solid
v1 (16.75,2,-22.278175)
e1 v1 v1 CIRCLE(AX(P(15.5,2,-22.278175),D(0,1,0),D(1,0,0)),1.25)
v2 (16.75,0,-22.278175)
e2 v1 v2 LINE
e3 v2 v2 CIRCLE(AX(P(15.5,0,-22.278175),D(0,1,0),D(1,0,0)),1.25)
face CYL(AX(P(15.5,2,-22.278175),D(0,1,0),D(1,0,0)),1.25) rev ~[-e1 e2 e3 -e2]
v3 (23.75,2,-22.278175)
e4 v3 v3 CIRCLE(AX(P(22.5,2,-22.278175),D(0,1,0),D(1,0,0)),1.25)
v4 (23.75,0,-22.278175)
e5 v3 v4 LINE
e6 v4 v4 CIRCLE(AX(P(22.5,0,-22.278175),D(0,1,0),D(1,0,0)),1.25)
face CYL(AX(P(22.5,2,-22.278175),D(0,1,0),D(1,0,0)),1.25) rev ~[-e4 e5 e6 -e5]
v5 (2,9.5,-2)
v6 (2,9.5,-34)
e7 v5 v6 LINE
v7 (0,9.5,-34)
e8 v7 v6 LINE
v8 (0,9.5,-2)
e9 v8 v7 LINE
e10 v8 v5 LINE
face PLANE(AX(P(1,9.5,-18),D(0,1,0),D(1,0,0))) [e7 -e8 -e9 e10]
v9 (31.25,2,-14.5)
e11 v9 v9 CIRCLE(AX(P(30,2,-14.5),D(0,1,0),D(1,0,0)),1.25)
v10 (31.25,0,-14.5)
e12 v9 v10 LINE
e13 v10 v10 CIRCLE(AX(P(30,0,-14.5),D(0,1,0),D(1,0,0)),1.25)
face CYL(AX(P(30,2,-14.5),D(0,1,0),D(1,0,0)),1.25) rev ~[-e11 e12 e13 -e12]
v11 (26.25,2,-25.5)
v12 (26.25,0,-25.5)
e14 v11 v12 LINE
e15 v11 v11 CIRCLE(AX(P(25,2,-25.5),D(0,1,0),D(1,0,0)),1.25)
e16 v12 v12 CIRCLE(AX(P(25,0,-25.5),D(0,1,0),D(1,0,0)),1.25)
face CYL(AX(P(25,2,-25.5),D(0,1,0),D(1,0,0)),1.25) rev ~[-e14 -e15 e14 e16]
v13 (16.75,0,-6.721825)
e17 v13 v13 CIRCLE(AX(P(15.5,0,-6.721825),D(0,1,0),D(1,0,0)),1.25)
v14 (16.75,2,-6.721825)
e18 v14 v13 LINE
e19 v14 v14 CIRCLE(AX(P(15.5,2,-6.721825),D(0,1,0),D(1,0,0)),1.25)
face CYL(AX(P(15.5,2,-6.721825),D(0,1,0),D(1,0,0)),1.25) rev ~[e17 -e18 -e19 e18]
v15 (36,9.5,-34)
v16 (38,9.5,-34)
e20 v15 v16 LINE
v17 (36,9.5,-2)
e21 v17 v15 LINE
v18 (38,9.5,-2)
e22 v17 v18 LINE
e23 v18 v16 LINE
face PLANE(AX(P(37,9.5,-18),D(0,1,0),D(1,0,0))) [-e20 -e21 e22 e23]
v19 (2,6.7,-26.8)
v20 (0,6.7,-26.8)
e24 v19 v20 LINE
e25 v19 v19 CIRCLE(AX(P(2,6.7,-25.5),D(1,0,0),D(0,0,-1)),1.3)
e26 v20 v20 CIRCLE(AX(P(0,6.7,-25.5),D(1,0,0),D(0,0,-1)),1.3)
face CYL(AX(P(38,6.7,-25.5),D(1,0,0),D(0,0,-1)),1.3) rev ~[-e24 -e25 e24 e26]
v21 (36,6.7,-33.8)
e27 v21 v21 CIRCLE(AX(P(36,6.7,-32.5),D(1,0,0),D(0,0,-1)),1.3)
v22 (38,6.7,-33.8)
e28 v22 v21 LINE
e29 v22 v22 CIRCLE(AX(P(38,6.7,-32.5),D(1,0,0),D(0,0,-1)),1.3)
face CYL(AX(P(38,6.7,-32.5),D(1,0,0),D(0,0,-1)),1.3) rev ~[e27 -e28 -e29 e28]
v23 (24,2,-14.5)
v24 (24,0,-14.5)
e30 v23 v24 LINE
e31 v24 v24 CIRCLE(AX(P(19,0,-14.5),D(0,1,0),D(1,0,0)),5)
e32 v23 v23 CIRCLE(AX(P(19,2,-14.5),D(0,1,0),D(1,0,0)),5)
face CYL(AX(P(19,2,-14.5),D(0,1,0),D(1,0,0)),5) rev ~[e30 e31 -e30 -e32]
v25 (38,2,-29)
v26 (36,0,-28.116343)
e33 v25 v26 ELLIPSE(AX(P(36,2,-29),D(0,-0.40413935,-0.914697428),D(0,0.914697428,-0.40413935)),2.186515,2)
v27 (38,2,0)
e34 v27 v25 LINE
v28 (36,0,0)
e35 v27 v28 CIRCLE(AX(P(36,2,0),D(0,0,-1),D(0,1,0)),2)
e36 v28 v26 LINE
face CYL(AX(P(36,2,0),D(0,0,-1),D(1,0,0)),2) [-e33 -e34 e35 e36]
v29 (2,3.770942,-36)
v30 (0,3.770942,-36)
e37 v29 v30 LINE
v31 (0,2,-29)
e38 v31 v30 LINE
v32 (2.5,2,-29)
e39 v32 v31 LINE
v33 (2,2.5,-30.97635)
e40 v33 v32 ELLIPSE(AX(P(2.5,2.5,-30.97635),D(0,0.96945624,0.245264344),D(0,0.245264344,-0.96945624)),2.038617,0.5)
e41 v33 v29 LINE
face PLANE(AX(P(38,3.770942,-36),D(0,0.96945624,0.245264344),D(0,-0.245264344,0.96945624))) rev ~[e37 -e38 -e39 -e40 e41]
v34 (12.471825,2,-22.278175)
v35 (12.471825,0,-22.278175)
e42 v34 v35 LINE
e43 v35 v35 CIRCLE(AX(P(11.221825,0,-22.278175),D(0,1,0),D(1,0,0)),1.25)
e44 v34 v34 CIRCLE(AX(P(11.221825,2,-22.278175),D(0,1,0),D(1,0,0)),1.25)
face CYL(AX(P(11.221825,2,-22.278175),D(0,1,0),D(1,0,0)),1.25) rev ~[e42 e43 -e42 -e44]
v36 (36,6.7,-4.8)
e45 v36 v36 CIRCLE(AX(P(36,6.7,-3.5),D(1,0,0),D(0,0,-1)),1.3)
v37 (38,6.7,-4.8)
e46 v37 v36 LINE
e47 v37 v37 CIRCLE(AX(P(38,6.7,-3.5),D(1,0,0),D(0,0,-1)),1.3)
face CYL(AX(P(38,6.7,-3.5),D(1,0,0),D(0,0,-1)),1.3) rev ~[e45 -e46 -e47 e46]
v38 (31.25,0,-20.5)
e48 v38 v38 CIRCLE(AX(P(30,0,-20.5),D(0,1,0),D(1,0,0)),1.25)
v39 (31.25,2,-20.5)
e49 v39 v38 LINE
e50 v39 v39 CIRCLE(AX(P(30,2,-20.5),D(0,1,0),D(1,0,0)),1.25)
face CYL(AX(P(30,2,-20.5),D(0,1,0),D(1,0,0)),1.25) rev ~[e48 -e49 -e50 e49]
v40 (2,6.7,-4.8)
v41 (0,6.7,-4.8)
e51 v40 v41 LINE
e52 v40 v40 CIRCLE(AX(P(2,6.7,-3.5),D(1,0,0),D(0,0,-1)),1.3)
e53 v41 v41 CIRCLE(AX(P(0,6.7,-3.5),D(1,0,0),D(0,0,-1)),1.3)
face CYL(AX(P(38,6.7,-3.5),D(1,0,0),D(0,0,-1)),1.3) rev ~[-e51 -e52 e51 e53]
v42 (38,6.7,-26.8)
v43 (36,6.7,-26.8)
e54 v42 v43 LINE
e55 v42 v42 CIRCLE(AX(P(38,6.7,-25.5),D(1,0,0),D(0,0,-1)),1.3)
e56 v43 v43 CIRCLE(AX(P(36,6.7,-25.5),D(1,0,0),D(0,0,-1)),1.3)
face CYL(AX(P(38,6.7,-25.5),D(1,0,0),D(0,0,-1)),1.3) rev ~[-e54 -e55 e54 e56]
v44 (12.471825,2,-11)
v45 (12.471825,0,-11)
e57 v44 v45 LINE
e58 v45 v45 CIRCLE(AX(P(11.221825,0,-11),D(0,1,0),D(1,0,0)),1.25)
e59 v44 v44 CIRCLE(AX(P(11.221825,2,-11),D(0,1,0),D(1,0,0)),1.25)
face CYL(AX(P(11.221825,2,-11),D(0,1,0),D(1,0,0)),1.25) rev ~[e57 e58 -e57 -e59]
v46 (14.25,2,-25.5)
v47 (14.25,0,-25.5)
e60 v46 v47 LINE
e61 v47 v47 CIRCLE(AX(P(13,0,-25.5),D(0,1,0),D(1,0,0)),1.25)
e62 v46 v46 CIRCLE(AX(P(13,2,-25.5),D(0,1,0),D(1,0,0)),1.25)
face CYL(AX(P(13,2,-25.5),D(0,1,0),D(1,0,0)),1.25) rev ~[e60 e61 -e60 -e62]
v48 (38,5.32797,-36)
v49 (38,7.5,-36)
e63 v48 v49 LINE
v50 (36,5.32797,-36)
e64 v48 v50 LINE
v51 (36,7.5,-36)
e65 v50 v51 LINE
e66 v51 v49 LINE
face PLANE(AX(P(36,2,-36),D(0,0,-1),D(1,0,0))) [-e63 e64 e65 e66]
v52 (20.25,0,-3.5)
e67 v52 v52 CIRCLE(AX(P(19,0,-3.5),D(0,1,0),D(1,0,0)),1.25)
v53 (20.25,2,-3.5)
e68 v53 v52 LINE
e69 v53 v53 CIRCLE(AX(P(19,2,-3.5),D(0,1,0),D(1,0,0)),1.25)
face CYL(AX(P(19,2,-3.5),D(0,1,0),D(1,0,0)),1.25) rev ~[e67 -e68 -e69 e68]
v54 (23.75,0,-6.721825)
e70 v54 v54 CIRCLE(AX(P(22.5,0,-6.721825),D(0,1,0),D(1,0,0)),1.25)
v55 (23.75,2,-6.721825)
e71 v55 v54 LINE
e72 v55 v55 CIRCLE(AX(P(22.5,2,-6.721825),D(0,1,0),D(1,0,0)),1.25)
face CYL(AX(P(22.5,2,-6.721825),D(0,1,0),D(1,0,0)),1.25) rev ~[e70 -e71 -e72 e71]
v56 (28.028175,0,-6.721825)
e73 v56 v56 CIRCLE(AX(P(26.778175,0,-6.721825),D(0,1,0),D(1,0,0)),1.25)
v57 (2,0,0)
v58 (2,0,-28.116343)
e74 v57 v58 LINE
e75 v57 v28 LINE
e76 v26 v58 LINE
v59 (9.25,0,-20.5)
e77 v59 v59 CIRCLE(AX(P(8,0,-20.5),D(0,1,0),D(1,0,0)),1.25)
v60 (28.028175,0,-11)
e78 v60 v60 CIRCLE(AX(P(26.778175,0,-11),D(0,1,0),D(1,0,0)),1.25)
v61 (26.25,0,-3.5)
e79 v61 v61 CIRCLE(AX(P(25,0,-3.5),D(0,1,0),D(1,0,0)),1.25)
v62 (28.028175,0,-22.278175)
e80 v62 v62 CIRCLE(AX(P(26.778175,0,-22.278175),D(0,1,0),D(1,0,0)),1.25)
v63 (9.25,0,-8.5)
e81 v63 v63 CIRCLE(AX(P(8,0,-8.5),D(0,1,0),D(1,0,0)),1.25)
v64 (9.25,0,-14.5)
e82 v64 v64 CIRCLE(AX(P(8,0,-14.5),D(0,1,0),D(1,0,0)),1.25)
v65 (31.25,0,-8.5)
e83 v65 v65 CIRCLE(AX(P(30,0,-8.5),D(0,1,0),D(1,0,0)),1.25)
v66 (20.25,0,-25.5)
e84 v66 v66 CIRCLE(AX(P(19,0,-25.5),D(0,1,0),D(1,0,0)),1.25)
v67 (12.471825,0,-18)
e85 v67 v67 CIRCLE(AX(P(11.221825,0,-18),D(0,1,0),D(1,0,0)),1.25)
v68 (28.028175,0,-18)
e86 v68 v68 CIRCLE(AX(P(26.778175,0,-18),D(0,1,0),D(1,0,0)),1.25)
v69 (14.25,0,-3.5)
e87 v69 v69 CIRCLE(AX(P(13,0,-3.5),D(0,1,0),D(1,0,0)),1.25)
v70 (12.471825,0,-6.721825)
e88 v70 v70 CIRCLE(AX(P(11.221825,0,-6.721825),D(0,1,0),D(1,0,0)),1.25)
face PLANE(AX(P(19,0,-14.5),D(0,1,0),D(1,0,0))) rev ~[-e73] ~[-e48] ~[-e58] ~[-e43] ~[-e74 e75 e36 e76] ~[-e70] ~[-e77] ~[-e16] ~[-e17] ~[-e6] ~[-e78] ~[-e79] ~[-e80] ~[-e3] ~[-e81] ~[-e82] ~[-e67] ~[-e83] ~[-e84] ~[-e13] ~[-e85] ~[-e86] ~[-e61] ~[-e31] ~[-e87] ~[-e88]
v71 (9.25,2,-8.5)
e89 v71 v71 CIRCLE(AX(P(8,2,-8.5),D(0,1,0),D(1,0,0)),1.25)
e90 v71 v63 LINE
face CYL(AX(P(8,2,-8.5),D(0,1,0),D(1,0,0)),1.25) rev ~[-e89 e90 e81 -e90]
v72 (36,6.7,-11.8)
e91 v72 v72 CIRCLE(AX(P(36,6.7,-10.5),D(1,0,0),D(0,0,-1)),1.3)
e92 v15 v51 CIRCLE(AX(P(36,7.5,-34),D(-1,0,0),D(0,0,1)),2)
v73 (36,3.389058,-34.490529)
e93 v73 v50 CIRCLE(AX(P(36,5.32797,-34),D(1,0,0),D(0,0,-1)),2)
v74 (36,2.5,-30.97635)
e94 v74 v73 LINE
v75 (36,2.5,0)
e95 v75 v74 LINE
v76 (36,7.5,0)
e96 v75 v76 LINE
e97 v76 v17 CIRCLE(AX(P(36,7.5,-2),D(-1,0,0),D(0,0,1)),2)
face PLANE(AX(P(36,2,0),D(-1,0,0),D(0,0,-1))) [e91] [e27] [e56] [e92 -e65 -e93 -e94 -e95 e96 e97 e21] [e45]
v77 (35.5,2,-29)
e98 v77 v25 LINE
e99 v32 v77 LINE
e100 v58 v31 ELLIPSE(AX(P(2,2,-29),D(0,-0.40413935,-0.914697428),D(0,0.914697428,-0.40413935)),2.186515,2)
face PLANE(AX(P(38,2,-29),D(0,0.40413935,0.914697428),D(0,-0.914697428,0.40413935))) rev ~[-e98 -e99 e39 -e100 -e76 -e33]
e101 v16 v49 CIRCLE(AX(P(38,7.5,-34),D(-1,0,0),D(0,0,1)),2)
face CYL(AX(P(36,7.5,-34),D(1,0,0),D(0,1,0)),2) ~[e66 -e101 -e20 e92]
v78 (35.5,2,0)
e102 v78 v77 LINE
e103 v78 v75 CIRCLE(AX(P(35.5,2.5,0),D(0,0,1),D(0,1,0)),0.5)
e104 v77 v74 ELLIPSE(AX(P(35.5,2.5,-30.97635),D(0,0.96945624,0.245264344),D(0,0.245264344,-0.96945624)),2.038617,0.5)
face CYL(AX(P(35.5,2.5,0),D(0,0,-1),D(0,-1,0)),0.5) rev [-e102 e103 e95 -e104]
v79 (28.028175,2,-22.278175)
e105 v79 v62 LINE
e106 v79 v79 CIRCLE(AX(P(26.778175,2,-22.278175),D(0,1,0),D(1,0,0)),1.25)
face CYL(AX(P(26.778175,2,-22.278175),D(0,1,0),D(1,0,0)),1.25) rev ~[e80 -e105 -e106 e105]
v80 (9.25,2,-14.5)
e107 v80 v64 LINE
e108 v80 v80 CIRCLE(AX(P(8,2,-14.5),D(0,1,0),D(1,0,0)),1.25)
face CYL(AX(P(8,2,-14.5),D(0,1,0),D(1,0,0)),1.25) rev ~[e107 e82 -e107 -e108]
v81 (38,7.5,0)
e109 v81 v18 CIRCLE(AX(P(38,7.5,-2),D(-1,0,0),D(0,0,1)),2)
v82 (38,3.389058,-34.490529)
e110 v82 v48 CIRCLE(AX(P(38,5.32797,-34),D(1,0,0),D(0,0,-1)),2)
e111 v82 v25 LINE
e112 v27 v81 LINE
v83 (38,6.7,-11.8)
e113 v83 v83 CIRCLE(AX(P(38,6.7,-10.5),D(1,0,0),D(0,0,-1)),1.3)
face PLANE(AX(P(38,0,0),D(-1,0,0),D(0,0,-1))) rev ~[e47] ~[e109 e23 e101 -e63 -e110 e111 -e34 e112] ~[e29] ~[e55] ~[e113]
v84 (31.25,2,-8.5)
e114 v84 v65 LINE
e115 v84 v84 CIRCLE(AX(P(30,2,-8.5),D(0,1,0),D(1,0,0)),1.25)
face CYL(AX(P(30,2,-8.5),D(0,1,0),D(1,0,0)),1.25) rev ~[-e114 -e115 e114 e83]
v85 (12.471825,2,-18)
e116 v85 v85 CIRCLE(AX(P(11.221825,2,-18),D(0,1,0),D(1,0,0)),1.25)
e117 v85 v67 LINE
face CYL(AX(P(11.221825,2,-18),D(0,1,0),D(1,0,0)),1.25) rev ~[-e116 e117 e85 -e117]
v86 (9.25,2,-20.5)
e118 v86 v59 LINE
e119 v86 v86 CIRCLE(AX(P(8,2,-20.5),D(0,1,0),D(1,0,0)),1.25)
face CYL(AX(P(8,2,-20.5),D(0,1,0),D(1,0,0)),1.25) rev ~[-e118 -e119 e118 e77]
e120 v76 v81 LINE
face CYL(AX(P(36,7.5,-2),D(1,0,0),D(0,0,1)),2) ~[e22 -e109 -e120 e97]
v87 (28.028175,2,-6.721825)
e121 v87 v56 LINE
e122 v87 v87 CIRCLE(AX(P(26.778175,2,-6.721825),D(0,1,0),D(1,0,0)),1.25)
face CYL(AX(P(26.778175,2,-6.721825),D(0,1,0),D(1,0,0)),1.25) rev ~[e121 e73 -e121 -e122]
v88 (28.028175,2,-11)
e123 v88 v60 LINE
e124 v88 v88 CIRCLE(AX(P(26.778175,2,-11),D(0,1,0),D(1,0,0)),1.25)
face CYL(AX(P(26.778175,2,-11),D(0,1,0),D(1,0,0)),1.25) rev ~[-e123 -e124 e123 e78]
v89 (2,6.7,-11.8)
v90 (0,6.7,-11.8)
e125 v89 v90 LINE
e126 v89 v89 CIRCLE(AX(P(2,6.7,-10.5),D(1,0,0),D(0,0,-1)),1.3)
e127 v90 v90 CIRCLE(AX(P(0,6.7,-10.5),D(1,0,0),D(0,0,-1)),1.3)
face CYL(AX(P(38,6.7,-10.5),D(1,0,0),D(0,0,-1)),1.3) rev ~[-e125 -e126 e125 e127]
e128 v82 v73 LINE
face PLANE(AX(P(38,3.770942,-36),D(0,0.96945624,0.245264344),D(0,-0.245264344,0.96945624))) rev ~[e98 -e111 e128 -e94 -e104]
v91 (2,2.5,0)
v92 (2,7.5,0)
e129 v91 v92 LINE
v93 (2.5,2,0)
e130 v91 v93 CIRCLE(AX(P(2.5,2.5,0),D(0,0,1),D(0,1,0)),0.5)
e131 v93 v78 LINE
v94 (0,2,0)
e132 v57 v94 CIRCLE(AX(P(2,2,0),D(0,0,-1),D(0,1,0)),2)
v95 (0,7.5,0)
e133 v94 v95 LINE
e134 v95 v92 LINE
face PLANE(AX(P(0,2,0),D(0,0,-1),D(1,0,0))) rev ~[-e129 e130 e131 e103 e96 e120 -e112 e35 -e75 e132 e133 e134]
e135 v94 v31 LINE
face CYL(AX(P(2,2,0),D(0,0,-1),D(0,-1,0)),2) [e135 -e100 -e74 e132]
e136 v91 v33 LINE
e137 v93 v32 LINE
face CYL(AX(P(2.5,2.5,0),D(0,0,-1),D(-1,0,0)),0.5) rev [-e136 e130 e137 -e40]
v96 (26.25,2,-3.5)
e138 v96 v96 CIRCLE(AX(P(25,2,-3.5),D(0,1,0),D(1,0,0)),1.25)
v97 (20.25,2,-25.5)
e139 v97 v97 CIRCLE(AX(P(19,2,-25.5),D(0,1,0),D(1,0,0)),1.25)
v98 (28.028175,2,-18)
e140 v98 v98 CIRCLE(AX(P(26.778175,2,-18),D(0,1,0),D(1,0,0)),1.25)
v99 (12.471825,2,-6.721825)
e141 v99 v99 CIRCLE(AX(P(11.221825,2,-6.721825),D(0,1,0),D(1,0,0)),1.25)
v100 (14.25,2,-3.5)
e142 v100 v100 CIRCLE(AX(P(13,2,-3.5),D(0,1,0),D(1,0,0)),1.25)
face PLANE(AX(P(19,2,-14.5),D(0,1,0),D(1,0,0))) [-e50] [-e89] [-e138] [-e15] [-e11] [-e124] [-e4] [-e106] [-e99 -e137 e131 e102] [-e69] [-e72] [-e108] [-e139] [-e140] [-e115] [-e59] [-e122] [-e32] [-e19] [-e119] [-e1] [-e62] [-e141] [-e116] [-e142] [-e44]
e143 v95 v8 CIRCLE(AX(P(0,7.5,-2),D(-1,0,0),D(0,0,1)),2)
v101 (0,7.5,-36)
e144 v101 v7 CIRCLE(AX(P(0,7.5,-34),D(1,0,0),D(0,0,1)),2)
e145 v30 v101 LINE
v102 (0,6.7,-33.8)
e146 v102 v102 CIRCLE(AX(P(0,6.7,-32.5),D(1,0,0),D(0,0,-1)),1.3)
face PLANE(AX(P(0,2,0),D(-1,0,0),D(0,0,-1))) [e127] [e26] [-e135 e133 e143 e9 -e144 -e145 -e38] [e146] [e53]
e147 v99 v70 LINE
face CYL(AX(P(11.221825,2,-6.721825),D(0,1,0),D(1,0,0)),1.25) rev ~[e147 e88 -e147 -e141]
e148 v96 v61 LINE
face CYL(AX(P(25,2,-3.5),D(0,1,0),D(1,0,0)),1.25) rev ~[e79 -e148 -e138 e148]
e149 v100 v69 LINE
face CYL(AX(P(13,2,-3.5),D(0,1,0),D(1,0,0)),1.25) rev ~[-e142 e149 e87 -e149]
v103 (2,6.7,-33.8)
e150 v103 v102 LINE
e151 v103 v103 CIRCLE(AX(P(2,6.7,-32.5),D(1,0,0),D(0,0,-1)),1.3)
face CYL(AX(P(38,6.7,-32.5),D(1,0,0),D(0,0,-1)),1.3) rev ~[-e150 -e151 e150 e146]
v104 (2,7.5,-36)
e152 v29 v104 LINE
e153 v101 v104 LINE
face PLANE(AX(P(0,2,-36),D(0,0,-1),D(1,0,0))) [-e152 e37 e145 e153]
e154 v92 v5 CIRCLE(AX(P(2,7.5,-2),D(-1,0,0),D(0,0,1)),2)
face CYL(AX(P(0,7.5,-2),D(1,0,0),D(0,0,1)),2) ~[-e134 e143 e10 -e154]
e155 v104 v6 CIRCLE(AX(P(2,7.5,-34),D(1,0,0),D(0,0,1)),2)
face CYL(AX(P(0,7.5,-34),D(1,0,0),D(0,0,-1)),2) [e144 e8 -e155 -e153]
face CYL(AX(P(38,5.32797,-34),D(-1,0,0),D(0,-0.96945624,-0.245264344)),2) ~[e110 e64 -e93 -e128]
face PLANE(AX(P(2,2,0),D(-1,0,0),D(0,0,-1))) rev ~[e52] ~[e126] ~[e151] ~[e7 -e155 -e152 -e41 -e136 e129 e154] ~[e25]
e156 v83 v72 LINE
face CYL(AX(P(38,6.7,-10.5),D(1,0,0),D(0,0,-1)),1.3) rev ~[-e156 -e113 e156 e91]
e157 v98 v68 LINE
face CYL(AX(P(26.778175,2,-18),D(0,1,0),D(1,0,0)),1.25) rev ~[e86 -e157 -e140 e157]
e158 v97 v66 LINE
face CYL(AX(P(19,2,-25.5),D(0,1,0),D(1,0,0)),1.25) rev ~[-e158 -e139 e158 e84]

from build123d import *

# Parameters (mm, degrees)
SKETCH_1_W               = 38
SKETCH_1_H               = 29
EXTRUDE_1_DEPTH          = 2
SKETCH_2_W               = 2
SKETCH_2_H               = 36
EXTRUDE_2_DEPTH          = 7.5
SKETCH_3_R               = 5
SKETCH_3_R_2             = 1.25
CUT_EXTRUDE_1_DEPTH      = 8.5
CUT_EXTRUDE_1_DEPTH_BACK = 3
SKETCH_4_R               = 1.3
CUT_EXTRUDE_2_DEPTH      = 39
CUT_EXTRUDE_3_DEPTH      = 39
FILLET_1_R               = 2
FILLET_3_R               = 0.5
FILLET_4_R               = 2


with BuildPart() as part:
    # 스케치1 → 보스-돌출1 (new body)
    with BuildSketch(Plane(origin=(0, 0, 0), x_dir=(1, 0, 0), z_dir=(0, 1, 0))):
        with Locations((19, 14.5)):
            Rectangle(SKETCH_1_W, SKETCH_1_H)
    extrude(amount=EXTRUDE_1_DEPTH)

    # 스케치2 → 보스-돌출2 (add)
    with BuildSketch(Plane(origin=(0, 2, 0), x_dir=(1, 0, 0), z_dir=(0, 1, 0))):
        with Locations((1, 18)):
            Rectangle(SKETCH_2_W, SKETCH_2_H)
        with Locations((37, 18)):
            Rectangle(SKETCH_2_W, SKETCH_2_H)
    extrude(amount=EXTRUDE_2_DEPTH)

    # 스케치3 → 컷-돌출1 (cut, two sides)
    with BuildSketch(Plane(origin=(0, 2, 0), x_dir=(1, 0, 0), z_dir=(0, 1, 0))) as cut_extrude_1_sk:
        with Locations((19, 14.5)):
            Circle(SKETCH_3_R)
        with Locations((19, 25.5)):
            Circle(SKETCH_3_R_2)
        with Locations((26.778174593, 22.278174593)):
            Circle(SKETCH_3_R_2)
        with Locations((30, 14.5)):
            Circle(SKETCH_3_R_2)
        with Locations((26.778174593, 6.721825407)):
            Circle(SKETCH_3_R_2)
        with Locations((19, 3.5)):
            Circle(SKETCH_3_R_2)
        with Locations((11.221825407, 6.721825407)):
            Circle(SKETCH_3_R_2)
        with Locations((8, 14.5)):
            Circle(SKETCH_3_R_2)
        with Locations((11.221825407, 22.278174593)):
            Circle(SKETCH_3_R_2)
        with Locations((13, 25.5)):
            Circle(SKETCH_3_R_2)
        with Locations((25, 25.5)):
            Circle(SKETCH_3_R_2)
        with Locations((30, 20.5)):
            Circle(SKETCH_3_R_2)
        with Locations((30, 8.5)):
            Circle(SKETCH_3_R_2)
        with Locations((25, 3.5)):
            Circle(SKETCH_3_R_2)
        with Locations((13, 3.5)):
            Circle(SKETCH_3_R_2)
        with Locations((8, 8.5)):
            Circle(SKETCH_3_R_2)
        with Locations((8, 20.5)):
            Circle(SKETCH_3_R_2)
        with Locations((15.5, 22.278174593)):
            Circle(SKETCH_3_R_2)
        with Locations((22.5, 22.278174593)):
            Circle(SKETCH_3_R_2)
        with Locations((26.778174593, 18)):
            Circle(SKETCH_3_R_2)
        with Locations((26.778174593, 11)):
            Circle(SKETCH_3_R_2)
        with Locations((22.5, 6.721825407)):
            Circle(SKETCH_3_R_2)
        with Locations((15.5, 6.721825407)):
            Circle(SKETCH_3_R_2)
        with Locations((11.221825407, 11)):
            Circle(SKETCH_3_R_2)
        with Locations((11.221825407, 18)):
            Circle(SKETCH_3_R_2)
    extrude(amount=CUT_EXTRUDE_1_DEPTH, mode=Mode.SUBTRACT)
    extrude(cut_extrude_1_sk.sketch, amount=-CUT_EXTRUDE_1_DEPTH_BACK, mode=Mode.SUBTRACT)

    # 스케치4 → 컷-돌출2 (cut, through all)
    with BuildSketch(Plane(origin=(38, 0, 0), x_dir=(0, 0, -1), z_dir=(1, 0, 0))):
        with Locations((3.5, 6.7)):
            Circle(SKETCH_4_R)
        with Locations((25.5, 6.7)):
            Circle(SKETCH_4_R)
        with Locations((10.5, 6.7)):
            Circle(SKETCH_4_R)
        with Locations((32.5, 6.7)):
            Circle(SKETCH_4_R)
    extrude(amount=-CUT_EXTRUDE_2_DEPTH, mode=Mode.SUBTRACT)

    # 스케치5 → 컷-돌출3 (cut, through all)
    with BuildSketch(Plane(origin=(38, 0, 0), x_dir=(0, 0, -1), z_dir=(1, 0, 0))):
        Polygon((36, 3.77094162), (29, 2), (36, 2), align=None)
        Polygon((29, 2), (28.116343093, 0), (29, 0), align=None)
    extrude(amount=-CUT_EXTRUDE_3_DEPTH, mode=Mode.SUBTRACT)

    # 필렛1
    fillet_1_edges = [part.edges().sort_by_distance(p)[0] for p in [
        (1, 9.5, -36),
        (1, 9.5, 0),
        (37, 3.77094162, -36),
        (37, 9.5, 0),
        (37, 9.5, -36),
    ]]
    fillet(fillet_1_edges, radius=FILLET_1_R)

    # 필렛3
    fillet_3_edges = [part.edges().sort_by_distance(p)[0] for p in [
        (2, 2, -14.5),
        (36, 2, -14.5),
    ]]
    fillet(fillet_3_edges, radius=FILLET_3_R)

    # 필렛4
    fillet_4_edges = [part.edges().sort_by_distance(p)[0] for p in [
        (0, 0, -14.058171546),
        (38, 0, -14.058171546),
    ]]
    fillet(fillet_4_edges, radius=FILLET_4_R)


solid = part.part
